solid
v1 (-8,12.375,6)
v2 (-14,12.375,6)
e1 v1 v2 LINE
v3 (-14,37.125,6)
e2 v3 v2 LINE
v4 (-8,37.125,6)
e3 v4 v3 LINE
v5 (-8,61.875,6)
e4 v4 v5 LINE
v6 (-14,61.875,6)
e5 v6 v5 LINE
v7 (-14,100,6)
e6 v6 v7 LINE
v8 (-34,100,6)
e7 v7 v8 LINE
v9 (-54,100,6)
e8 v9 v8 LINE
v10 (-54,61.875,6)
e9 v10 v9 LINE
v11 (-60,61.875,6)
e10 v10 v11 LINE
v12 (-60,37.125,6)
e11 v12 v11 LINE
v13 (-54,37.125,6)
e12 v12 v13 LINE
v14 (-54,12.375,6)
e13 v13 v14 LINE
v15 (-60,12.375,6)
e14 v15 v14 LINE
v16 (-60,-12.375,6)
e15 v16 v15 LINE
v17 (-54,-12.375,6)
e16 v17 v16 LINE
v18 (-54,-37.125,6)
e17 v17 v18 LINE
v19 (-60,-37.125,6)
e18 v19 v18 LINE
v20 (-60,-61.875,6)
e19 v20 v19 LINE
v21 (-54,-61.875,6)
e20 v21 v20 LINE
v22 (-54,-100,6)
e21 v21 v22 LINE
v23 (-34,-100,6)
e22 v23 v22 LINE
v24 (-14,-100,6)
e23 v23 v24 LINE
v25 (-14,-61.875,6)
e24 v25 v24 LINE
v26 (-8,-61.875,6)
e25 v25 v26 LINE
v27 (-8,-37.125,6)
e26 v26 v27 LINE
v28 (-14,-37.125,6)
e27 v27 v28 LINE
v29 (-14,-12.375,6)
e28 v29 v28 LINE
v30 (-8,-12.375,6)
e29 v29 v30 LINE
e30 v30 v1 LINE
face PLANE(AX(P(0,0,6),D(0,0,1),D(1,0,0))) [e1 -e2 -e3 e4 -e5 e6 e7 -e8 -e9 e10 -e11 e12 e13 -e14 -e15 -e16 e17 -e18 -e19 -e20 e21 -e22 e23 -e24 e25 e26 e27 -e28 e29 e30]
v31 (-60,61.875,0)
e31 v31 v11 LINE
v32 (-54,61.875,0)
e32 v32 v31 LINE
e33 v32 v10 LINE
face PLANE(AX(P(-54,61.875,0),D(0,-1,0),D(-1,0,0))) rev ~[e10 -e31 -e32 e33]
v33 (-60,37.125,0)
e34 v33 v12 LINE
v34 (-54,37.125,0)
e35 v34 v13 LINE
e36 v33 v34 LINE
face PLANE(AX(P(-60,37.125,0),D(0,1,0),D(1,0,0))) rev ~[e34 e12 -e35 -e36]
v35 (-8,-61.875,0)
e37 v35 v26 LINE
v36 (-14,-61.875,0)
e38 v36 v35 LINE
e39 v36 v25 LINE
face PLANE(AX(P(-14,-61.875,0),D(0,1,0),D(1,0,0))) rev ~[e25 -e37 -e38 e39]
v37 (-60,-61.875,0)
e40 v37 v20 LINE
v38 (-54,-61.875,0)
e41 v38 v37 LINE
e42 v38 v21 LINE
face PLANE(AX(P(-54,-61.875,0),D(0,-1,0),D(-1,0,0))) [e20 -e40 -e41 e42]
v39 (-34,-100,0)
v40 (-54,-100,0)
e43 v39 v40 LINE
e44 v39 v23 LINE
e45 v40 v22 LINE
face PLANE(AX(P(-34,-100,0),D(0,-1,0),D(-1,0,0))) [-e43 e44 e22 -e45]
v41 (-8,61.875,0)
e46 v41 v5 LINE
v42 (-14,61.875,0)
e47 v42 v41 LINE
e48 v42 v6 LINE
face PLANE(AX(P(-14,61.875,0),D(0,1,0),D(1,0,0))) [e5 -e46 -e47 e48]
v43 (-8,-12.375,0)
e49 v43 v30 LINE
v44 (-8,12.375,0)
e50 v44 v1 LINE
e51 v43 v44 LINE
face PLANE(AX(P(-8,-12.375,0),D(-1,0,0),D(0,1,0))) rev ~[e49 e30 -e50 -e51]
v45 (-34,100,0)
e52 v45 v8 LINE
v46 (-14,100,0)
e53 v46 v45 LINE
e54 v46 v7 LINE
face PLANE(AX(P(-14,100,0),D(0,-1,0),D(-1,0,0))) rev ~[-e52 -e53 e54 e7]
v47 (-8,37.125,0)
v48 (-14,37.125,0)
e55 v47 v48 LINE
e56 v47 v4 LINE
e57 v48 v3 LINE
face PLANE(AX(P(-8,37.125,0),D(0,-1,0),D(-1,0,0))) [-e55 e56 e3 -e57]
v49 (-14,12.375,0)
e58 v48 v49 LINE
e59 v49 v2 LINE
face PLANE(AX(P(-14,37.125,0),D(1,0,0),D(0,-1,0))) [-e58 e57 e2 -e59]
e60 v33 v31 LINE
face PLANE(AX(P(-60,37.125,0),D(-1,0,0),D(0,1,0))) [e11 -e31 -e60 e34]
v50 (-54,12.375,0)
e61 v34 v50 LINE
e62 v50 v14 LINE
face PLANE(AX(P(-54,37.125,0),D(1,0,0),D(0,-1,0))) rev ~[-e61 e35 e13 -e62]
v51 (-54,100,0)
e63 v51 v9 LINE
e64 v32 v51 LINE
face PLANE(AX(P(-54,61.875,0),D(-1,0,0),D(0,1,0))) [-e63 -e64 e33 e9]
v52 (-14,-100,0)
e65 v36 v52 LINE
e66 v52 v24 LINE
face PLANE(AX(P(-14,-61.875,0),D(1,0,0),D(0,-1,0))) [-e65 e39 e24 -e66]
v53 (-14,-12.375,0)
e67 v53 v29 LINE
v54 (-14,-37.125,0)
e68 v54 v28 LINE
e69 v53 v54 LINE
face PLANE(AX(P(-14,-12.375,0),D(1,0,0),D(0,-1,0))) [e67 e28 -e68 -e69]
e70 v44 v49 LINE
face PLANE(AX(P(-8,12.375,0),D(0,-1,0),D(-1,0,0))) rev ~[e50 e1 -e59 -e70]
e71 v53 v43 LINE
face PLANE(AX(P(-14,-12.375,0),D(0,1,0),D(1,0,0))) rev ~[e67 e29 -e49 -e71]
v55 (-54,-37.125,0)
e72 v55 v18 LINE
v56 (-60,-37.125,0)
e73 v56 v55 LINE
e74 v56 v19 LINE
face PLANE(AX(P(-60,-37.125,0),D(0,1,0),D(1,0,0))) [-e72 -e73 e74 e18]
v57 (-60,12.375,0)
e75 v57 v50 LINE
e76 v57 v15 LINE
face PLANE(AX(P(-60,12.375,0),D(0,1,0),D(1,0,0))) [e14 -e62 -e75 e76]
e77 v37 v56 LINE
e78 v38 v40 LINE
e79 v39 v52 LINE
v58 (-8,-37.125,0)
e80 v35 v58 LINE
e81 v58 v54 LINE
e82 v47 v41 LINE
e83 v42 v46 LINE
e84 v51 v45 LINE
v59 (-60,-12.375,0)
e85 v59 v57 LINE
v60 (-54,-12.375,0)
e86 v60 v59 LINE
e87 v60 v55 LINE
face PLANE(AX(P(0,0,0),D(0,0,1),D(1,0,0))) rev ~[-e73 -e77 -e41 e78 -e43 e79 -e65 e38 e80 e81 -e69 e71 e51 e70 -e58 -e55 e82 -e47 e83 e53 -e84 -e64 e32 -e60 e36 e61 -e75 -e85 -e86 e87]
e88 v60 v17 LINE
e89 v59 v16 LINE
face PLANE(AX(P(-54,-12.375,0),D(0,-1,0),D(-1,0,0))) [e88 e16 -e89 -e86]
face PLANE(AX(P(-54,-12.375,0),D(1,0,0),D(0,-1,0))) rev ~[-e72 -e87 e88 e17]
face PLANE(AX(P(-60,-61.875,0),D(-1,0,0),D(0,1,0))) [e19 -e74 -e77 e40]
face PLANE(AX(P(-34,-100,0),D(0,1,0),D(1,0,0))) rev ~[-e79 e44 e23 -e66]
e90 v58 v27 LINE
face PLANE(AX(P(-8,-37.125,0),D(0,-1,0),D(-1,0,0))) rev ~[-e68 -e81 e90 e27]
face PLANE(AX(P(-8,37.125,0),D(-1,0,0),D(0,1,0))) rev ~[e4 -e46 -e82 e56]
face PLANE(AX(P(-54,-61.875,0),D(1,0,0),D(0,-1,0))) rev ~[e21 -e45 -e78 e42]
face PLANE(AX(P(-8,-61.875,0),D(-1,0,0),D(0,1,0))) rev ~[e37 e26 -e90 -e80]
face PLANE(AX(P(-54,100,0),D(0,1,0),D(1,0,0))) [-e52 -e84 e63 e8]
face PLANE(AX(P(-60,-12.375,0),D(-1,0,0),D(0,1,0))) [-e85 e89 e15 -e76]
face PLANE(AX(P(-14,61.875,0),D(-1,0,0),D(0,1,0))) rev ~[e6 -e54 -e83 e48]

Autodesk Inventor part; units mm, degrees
ref_plane "YZ Plane" through (0, 0, 0) normal (1, 0, 0) x (0, 1, 0)
ref_plane "XZ Plane" through (0, 0, 0) normal (0, 1, 0) x (-1, 0, 0)
ref_plane "XY Plane" through (0, 0, 0) normal (0, 0, 1) x (1, 0, 0)
sketch "Sketch1" plane through (0, 0, 0) normal (0, 0, 1) x (1, 0, 0)
  line L0 (-34, 0) -> (-34, 100)
  line L1 (-54, -12.375) -> (-60, -12.375)
  line L2 (-60, 37.125) -> (-54, 37.125)
  line L3 (-54, 61.875) -> (-60, 61.875)
  line L4 (-60, 12.375) -> (-54, 12.375)
  line L5 (-60, -37.125) -> (-54, -37.125)
  line L6 (-54, -61.875) -> (-60, -61.875)
  line L7 (-54, 61.875) -> (-54, 100)
  line L8 (-54, 37.125) -> (-54, 12.375)
  line L9 (-60, 37.125) -> (-60, 61.875)
  line L10 (-54, -12.375) -> (-54, -37.125)
  line L11 (-54, 100) -> (-34, 100)
  line L12 (-60, -61.875) -> (-60, -37.125)
  line L13 (-60, -12.375) -> (-60, 12.375)
  line L14 (-54, -61.875) -> (-54, -100)
  line L15 (-34, -100) -> (-54, -100)
  line L16 (-14, -12.375) -> (-8, -12.375)
  line L17 (-8, 37.125) -> (-14, 37.125)
  line L18 (-14, 61.875) -> (-8, 61.875)
  line L19 (-8, 12.375) -> (-14, 12.375)
  line L20 (-8, -37.125) -> (-14, -37.125)
  line L21 (-14, -61.875) -> (-8, -61.875)
  line L22 (-14, 61.875) -> (-14, 100)
  line L23 (-14, 37.125) -> (-14, 12.375)
  line L24 (-8, 37.125) -> (-8, 61.875)
  line L25 (-14, -12.375) -> (-14, -37.125)
  line L26 (-14, 100) -> (-34, 100)
  line L27 (-8, -61.875) -> (-8, -37.125)
  line L28 (-8, -12.375) -> (-8, 12.375)
  line L29 (-14, -61.875) -> (-14, -100)
  line L30 (-34, -100) -> (-14, -100)
extrude "Extrusion1" add sketch "Sketch1" along normal blind 6
properties part number "Sides_2"
